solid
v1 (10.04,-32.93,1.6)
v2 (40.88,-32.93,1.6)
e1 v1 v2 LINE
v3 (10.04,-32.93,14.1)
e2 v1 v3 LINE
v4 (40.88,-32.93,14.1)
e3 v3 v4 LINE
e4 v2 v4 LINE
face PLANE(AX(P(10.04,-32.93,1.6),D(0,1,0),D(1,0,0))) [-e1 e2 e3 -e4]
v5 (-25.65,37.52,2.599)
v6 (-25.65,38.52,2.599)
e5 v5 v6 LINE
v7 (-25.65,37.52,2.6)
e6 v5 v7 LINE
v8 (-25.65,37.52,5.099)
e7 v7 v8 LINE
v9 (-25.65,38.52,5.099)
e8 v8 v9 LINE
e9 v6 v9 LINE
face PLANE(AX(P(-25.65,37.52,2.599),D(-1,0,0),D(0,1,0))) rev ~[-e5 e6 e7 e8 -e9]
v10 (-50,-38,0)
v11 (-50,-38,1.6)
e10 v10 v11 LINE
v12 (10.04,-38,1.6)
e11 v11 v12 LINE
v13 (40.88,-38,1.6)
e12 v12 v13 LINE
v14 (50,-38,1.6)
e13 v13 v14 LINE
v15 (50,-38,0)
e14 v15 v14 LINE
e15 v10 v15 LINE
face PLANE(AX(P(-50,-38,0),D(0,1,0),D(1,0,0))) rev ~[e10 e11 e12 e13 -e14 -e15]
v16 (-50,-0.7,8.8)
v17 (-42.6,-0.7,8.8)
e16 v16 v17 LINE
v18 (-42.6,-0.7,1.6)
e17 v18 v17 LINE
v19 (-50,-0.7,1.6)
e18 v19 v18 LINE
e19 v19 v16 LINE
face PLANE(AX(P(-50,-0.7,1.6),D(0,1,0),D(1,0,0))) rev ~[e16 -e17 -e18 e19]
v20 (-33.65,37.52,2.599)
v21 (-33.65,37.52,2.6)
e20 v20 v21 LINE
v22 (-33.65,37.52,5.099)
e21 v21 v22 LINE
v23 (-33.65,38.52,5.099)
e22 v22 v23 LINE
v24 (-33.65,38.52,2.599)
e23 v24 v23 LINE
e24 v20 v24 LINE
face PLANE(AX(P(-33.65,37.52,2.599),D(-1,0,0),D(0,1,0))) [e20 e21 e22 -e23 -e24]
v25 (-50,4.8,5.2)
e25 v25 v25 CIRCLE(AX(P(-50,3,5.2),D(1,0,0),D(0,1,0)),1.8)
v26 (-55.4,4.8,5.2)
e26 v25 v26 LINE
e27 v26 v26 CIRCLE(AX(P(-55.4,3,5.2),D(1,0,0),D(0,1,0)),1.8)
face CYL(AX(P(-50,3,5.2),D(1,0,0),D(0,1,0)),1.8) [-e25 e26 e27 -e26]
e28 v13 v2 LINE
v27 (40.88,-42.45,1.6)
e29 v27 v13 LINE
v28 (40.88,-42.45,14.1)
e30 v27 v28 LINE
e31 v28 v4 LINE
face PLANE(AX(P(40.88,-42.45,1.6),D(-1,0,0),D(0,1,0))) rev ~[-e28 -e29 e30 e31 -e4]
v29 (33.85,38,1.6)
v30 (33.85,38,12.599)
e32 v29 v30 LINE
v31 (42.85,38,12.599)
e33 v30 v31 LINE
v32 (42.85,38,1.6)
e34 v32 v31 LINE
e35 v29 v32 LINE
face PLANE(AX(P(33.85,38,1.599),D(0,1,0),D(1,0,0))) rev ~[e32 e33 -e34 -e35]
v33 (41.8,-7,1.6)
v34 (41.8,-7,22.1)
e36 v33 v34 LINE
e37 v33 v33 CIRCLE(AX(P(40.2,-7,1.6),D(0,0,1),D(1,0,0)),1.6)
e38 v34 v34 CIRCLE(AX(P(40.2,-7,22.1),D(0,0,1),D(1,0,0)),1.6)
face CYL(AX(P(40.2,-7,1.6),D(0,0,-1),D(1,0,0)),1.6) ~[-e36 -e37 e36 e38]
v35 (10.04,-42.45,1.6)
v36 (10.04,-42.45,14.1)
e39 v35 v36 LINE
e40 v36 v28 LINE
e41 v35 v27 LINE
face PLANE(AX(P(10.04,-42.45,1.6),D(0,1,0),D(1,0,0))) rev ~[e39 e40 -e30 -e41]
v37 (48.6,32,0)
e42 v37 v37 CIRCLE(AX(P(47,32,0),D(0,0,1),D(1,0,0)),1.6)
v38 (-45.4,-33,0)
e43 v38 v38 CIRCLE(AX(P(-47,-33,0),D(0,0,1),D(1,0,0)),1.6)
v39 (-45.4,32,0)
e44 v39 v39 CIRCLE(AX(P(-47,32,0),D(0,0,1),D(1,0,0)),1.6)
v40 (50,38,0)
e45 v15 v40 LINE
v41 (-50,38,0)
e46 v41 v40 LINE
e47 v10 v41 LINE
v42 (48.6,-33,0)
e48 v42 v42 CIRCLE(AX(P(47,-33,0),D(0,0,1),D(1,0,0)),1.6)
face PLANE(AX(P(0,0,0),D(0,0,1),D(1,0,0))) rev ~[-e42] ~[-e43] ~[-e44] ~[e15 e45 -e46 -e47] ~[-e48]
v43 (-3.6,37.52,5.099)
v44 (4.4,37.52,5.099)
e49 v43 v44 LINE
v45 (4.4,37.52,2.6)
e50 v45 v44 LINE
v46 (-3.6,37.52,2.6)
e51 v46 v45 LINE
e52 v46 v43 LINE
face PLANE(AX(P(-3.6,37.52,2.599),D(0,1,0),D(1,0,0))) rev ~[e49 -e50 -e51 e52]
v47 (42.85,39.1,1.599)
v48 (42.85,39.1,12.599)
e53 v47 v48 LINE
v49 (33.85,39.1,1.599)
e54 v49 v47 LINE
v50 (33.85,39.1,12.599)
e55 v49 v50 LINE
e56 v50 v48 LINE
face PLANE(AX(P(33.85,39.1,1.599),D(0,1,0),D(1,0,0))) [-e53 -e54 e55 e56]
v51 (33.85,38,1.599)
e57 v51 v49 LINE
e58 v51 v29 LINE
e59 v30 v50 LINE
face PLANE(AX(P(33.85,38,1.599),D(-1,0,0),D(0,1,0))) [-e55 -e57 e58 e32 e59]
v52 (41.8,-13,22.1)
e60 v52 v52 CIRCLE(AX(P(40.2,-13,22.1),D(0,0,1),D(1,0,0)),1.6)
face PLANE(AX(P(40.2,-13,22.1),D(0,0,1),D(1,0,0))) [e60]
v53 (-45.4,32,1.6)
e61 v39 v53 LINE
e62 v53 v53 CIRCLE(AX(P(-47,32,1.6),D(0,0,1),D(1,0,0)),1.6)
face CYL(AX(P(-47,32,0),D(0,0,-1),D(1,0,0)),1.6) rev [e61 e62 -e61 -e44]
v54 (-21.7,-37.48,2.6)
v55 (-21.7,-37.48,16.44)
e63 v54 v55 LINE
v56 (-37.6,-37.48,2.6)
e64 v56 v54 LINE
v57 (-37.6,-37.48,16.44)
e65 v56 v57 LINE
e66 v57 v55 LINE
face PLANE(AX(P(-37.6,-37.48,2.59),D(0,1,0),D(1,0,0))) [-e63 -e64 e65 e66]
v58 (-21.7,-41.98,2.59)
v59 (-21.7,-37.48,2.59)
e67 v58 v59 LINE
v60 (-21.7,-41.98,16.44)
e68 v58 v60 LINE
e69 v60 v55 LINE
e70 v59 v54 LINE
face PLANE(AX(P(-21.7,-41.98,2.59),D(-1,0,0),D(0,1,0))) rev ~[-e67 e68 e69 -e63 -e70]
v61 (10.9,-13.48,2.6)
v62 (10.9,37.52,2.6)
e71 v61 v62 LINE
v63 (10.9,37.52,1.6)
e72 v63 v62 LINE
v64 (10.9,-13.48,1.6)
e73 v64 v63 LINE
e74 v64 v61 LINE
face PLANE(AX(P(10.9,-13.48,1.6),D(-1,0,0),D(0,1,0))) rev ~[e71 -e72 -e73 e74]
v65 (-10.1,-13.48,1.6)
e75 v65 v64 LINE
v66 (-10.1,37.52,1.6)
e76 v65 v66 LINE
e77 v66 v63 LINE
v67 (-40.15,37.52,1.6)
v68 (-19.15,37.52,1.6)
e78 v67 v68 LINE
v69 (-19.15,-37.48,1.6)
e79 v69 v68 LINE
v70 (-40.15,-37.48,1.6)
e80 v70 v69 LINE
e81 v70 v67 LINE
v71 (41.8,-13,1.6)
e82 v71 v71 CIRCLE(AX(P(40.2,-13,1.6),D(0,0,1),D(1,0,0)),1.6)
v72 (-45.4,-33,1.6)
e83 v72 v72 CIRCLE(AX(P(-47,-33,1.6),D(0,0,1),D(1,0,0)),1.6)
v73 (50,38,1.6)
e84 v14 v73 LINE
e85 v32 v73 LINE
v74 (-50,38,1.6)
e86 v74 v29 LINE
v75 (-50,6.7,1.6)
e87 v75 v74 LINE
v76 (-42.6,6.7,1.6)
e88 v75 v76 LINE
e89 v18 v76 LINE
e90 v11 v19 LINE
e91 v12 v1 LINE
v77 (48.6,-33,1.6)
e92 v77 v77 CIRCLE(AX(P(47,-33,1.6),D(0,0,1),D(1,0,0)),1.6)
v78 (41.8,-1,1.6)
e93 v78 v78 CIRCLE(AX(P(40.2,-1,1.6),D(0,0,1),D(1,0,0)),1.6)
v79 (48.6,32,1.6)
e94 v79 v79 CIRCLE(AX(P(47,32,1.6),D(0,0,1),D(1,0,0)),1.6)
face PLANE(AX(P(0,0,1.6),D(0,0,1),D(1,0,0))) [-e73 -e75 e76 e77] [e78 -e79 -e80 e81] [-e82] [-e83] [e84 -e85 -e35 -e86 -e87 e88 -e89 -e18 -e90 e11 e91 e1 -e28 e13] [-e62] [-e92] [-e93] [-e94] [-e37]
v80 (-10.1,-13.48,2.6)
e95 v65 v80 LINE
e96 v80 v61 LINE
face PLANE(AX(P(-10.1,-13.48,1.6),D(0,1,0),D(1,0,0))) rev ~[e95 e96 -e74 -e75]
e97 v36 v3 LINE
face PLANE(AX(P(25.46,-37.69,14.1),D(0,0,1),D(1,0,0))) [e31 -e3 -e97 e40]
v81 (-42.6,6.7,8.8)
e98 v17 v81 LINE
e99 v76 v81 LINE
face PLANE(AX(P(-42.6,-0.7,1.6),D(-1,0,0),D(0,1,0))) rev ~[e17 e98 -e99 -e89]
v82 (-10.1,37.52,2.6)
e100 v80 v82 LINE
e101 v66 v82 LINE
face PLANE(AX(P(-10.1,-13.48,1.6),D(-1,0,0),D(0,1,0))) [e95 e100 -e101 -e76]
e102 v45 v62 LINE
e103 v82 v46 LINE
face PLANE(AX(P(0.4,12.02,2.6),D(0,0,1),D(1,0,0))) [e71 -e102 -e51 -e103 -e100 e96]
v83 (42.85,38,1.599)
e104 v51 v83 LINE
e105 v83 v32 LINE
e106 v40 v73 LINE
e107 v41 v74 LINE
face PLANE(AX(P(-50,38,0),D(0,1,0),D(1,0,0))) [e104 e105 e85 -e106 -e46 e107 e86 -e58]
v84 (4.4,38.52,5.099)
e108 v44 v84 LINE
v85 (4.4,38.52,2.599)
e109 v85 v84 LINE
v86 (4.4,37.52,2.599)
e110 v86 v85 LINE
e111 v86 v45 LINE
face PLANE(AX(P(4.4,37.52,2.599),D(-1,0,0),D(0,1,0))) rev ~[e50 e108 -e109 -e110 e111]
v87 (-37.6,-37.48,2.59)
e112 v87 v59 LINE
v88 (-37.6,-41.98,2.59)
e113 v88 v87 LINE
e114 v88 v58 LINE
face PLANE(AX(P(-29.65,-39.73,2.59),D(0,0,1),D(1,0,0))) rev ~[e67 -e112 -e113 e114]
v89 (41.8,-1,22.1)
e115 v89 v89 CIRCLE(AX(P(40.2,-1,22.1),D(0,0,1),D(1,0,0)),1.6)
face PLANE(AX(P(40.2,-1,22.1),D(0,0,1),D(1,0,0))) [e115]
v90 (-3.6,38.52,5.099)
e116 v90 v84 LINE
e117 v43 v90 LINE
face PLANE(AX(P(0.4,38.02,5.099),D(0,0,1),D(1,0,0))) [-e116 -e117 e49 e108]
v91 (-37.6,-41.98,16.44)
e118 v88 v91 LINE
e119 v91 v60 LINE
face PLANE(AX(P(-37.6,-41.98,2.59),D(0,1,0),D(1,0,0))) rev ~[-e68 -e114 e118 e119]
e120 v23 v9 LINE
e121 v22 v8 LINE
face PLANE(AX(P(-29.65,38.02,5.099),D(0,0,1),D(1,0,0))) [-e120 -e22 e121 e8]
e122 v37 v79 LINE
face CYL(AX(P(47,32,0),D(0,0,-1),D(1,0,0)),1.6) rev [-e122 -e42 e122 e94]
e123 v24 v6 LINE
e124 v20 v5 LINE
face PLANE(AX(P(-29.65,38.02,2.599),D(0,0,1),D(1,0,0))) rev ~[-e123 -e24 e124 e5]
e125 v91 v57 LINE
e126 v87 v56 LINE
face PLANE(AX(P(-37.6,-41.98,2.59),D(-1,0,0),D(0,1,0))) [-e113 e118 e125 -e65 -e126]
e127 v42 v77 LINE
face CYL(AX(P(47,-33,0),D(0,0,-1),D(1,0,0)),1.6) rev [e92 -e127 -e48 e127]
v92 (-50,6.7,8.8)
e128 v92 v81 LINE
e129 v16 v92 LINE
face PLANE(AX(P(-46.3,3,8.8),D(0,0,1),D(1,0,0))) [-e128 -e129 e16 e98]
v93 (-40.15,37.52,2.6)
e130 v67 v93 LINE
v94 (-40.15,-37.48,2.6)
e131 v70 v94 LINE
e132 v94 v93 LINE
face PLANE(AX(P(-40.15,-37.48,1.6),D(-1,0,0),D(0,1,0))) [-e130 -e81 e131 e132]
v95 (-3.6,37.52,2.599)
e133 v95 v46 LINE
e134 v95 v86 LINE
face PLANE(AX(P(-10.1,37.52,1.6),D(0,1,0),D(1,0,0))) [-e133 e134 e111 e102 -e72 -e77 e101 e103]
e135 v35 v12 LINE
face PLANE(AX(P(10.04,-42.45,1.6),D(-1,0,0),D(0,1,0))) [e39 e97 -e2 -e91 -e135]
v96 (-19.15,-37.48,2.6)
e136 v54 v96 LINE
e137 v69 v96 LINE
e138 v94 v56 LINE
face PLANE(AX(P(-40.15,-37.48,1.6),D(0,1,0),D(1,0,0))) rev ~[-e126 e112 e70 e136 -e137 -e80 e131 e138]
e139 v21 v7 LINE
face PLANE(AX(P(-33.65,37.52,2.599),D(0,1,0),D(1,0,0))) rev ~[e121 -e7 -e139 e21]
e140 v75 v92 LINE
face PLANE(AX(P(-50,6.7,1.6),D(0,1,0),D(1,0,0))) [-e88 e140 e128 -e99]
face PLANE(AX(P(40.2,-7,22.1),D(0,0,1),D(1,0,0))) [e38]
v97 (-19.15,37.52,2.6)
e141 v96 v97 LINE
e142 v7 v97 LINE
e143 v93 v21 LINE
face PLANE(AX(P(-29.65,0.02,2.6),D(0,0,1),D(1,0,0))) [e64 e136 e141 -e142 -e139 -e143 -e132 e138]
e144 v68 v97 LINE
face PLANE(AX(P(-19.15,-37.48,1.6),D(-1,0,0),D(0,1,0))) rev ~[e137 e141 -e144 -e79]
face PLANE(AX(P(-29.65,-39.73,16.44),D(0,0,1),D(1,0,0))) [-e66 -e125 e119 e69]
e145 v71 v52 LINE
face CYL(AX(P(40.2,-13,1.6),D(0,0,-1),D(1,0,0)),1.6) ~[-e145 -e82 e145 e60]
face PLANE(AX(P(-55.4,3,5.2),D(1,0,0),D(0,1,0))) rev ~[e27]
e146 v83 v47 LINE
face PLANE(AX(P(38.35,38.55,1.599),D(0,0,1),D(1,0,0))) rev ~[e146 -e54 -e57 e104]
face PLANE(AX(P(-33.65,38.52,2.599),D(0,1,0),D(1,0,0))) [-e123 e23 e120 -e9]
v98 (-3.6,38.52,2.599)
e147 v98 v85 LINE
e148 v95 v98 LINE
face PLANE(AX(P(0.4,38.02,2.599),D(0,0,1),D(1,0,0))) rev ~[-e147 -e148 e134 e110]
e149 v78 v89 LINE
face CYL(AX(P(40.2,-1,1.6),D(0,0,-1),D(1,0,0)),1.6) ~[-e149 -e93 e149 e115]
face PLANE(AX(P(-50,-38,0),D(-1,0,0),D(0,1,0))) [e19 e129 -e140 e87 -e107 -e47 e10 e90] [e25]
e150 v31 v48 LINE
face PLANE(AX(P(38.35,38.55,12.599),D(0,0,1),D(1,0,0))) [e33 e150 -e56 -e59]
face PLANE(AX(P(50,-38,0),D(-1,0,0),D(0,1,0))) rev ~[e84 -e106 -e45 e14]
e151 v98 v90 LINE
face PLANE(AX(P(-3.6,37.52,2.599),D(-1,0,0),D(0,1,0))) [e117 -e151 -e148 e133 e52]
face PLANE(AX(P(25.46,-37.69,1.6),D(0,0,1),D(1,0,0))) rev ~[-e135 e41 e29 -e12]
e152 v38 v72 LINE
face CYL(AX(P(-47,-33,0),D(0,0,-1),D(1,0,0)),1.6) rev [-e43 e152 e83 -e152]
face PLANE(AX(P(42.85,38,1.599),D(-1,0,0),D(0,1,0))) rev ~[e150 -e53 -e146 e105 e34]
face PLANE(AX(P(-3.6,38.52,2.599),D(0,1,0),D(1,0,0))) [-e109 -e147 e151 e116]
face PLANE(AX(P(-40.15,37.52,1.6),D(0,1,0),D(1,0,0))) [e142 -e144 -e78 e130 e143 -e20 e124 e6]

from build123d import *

# Parameters (mm, degrees)
SKETCH_W     = 100
SKETCH_H     = 76
SKETCH_R     = 1.6
PAD_DEPTH    = 1.6
SKETCH001_W  = 21
SKETCH001_H  = 75
PAD001_DEPTH = 1
SKETCH002_W  = 15.9
SKETCH002_H  = 4.5
PAD002_DEPTH = 13.85
SKETCH003_W  = 8
SKETCH003_H  = 1
PAD003_DEPTH = 2.5
SKETCH004_W  = 30.84
SKETCH004_H  = 9.52
PAD004_DEPTH = 12.5
SKETCH005_W  = 21
SKETCH005_H  = 51
PAD005_DEPTH = 1
SKETCH006_W  = 8
SKETCH006_H  = 1
PAD006_DEPTH = 2.5
SKETCH007_W  = 9
SKETCH007_H  = 1.1
PAD007_DEPTH = 11
SKETCH008_W  = 7.4
SKETCH008_H  = 7.4
PAD008_DEPTH = 7.2
SKETCH009_R  = 1.8
PAD009_DEPTH = 5.4
SKETCH010_R  = 1.6
PAD010_DEPTH = 20.5


with BuildPart() as part:
    # Sketch → Pad (new body)
    with BuildSketch(Plane.XY):
        Rectangle(SKETCH_W, SKETCH_H)
        with Locations((-47, 32)):
            Circle(SKETCH_R, mode=Mode.SUBTRACT)
        with Locations((47, 32)):
            Circle(SKETCH_R, mode=Mode.SUBTRACT)
        with Locations((-47, -33)):
            Circle(SKETCH_R, mode=Mode.SUBTRACT)
        with Locations((47, -33)):
            Circle(SKETCH_R, mode=Mode.SUBTRACT)
    extrude(amount=PAD_DEPTH)

    # Sketch001 → Pad001 (join)
    with BuildSketch(Plane.XY.offset(1.6)):
        with Locations((-29.65, 0.02)):
            Rectangle(SKETCH001_W, SKETCH001_H)
    extrude(amount=PAD001_DEPTH)

    # Sketch002 → Pad002 (join)
    with BuildSketch(Plane.XY.offset(2.59)):
        with Locations((-29.65, -39.73)):
            Rectangle(SKETCH002_W, SKETCH002_H)
    extrude(amount=PAD002_DEPTH)

    # Sketch003 → Pad003 (join)
    with BuildSketch(Plane.XY.offset(2.599)):
        with Locations((-29.65, 38.02)):
            Rectangle(SKETCH003_W, SKETCH003_H)
    extrude(amount=PAD003_DEPTH)

    # Sketch004 → Pad004 (join)
    with BuildSketch(Plane.XY.offset(1.6)):
        with Locations((25.46, -37.69)):
            Rectangle(SKETCH004_W, SKETCH004_H)
    extrude(amount=PAD004_DEPTH)

    # Sketch005 → Pad005 (join)
    with BuildSketch(Plane.XY.offset(1.6)):
        with Locations((0.4, 12.02)):
            Rectangle(SKETCH005_W, SKETCH005_H)
    extrude(amount=PAD005_DEPTH)

    # Sketch006 → Pad006 (join)
    with BuildSketch(Plane.XY.offset(2.599)):
        with Locations((0.4, 38.02)):
            Rectangle(SKETCH006_W, SKETCH006_H)
    extrude(amount=PAD006_DEPTH)

    # Sketch007 → Pad007 (join)
    with BuildSketch(Plane.XY.offset(1.599)):
        with Locations((38.35, 38.55)):
            Rectangle(SKETCH007_W, SKETCH007_H)
    extrude(amount=PAD007_DEPTH)

    # Sketch008 → Pad008 (join)
    with BuildSketch(Plane.XY.offset(1.6)):
        with Locations((-46.3, 3)):
            Rectangle(SKETCH008_W, SKETCH008_H)
    extrude(amount=PAD008_DEPTH)

    # Sketch009 → Pad009 (join)
    with BuildSketch(Plane.YZ.offset(-50)):
        with Locations((3, 5.2)):
            Circle(SKETCH009_R)
    extrude(amount=-PAD009_DEPTH)

    # Sketch010 → Pad010 (join)
    with BuildSketch(Plane.XY.offset(1.6)):
        with Locations((40.2, -1)):
            Circle(SKETCH010_R)
        with Locations((40.2, -7)):
            Circle(SKETCH010_R)
        with Locations((40.2, -13)):
            Circle(SKETCH010_R)
    extrude(amount=PAD010_DEPTH)


solid = part.part
